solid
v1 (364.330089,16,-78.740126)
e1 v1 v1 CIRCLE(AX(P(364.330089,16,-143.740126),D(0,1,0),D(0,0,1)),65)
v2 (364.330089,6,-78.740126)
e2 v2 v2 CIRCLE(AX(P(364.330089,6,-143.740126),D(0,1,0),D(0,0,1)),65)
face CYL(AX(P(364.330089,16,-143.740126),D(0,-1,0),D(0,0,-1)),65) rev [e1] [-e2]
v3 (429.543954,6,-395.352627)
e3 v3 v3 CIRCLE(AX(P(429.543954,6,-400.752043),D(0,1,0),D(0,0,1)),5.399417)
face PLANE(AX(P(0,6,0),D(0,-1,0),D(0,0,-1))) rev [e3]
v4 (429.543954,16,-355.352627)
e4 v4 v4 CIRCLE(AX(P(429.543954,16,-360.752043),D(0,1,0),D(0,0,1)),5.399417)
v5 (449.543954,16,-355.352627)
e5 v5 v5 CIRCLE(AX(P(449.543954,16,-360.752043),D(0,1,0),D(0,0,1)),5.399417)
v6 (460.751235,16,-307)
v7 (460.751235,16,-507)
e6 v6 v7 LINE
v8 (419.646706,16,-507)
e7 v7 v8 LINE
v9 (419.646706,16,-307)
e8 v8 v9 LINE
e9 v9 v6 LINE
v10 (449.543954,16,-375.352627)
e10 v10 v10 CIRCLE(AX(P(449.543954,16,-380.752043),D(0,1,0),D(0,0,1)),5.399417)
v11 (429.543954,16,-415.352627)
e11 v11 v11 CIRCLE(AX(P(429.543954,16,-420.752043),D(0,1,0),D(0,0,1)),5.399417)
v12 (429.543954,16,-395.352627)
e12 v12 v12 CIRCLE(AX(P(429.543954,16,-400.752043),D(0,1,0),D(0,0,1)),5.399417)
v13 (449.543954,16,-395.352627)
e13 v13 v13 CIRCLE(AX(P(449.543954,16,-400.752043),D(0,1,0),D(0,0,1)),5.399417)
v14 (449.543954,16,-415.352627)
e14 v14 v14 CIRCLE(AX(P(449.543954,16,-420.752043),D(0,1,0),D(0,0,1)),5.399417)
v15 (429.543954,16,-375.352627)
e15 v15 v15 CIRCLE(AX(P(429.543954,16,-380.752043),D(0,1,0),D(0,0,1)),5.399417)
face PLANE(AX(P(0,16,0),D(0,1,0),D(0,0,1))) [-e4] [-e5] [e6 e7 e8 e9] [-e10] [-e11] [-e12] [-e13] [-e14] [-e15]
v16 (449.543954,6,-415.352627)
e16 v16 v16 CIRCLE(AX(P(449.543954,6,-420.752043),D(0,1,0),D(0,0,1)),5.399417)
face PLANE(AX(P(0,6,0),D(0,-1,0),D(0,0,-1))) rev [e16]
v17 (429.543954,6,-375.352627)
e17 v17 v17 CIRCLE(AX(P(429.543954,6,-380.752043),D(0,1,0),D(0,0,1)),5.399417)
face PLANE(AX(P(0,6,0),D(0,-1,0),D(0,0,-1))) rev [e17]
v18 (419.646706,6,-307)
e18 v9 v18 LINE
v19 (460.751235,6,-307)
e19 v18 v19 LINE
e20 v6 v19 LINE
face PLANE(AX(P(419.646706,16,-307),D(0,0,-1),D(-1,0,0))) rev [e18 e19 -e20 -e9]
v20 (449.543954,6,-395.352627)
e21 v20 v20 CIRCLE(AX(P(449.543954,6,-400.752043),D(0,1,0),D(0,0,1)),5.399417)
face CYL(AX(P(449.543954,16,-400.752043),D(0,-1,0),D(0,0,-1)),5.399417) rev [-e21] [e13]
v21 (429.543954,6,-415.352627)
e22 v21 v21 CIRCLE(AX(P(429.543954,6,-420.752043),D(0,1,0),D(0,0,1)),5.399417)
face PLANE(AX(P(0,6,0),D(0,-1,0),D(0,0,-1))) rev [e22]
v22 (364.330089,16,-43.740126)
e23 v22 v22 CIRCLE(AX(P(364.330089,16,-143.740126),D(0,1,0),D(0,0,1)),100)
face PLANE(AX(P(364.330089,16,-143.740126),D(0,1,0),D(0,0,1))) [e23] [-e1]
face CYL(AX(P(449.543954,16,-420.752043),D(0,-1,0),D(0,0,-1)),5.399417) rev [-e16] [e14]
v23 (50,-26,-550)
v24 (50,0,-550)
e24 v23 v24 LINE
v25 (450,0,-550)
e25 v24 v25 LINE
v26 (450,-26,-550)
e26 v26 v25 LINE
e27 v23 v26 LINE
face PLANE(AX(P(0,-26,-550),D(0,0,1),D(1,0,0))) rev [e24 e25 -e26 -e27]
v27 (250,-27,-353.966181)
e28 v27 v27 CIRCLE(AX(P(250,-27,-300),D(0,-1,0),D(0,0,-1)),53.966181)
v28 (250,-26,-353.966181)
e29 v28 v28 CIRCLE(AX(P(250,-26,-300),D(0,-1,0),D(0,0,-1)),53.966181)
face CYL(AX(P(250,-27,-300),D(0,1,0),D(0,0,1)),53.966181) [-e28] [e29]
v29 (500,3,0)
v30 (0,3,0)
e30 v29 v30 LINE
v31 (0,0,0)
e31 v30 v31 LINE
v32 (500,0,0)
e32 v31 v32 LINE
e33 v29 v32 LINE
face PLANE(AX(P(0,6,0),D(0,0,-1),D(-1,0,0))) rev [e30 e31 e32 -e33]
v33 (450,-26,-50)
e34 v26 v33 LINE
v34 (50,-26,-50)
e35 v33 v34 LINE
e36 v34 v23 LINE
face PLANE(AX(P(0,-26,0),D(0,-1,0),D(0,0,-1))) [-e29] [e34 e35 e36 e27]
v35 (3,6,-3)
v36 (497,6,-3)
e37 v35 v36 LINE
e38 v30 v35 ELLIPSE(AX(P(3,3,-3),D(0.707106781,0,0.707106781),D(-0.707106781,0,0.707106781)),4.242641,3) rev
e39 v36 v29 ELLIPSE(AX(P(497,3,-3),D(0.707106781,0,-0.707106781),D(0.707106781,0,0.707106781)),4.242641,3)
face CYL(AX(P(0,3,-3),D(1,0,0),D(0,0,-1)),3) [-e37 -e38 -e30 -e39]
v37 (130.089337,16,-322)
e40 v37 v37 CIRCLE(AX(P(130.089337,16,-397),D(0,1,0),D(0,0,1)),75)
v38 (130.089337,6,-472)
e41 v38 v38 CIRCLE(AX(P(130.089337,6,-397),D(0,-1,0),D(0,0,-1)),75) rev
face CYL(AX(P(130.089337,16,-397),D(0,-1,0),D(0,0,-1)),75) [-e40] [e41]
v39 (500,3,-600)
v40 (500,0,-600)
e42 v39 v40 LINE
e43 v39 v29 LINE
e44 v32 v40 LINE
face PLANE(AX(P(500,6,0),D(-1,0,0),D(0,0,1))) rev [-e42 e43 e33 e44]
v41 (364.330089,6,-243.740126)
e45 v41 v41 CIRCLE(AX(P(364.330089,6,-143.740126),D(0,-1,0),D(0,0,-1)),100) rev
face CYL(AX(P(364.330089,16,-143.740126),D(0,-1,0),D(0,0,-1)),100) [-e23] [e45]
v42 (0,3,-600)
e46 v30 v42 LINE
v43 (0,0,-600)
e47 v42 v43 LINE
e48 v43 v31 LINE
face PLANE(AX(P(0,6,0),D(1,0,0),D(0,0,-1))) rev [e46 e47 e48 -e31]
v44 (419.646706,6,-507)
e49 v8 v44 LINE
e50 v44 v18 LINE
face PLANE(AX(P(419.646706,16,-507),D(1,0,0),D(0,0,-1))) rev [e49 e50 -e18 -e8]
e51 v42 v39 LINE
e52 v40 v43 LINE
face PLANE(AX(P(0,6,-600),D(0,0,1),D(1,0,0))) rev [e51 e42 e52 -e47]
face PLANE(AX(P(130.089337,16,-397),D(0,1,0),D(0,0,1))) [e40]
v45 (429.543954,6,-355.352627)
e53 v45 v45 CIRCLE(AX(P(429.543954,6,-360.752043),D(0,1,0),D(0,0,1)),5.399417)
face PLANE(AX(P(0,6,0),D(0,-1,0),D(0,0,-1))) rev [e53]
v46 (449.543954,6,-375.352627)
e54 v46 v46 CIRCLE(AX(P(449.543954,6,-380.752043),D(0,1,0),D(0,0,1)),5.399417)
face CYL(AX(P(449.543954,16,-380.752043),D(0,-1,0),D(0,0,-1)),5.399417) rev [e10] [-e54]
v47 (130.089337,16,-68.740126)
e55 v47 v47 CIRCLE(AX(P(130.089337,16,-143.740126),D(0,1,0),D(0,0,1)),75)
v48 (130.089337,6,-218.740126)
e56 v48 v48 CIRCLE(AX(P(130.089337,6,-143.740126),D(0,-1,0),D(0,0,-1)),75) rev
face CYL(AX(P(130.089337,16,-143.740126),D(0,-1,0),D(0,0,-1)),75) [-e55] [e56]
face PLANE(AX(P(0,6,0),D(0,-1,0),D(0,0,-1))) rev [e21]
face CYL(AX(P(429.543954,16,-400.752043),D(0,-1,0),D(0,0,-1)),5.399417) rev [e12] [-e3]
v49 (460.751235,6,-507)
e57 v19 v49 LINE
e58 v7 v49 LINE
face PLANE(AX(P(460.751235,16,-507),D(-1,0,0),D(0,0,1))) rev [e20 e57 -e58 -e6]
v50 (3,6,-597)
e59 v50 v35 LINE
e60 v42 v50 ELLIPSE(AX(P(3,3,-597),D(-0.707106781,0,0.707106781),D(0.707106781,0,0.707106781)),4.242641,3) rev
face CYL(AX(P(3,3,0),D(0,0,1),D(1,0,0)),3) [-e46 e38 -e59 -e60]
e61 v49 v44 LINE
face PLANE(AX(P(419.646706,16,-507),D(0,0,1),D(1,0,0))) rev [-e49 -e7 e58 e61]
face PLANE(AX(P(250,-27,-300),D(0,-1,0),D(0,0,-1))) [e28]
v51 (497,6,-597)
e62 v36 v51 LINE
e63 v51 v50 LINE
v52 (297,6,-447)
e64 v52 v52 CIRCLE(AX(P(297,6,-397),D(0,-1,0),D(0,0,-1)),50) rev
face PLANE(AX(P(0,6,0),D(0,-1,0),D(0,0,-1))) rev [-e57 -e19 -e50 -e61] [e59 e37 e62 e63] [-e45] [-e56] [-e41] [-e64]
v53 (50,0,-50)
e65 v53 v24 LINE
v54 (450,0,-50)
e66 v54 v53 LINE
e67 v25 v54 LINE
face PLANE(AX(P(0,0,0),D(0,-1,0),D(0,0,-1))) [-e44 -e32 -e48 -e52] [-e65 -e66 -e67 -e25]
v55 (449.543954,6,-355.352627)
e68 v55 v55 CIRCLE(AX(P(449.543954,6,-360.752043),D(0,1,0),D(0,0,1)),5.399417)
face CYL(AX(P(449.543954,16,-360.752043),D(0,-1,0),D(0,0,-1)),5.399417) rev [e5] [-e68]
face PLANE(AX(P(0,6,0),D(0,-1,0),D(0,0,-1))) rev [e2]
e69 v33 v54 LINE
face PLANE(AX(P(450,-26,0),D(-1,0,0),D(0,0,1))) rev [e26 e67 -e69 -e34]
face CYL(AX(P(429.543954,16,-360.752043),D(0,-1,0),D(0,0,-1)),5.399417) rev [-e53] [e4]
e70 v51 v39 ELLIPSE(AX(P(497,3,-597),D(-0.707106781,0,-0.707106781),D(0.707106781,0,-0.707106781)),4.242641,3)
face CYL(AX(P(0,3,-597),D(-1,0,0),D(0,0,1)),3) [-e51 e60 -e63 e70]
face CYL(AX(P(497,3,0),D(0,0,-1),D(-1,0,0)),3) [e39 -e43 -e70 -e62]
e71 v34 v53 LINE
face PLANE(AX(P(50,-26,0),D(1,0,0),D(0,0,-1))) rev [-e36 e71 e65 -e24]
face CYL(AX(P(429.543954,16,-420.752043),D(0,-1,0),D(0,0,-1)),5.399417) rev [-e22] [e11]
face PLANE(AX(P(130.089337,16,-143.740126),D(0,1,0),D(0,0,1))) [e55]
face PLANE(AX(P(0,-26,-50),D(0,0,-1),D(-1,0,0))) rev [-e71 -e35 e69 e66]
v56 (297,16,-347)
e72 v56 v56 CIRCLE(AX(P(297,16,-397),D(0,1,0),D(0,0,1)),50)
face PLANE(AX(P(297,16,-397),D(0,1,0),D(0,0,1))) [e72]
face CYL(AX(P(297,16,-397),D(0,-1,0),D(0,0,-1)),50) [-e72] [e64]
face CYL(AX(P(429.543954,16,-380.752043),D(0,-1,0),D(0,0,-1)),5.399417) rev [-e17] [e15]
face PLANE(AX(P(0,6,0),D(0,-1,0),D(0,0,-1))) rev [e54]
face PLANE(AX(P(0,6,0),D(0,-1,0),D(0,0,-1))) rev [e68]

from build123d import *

# Parameters (mm, degrees)
SKETCH1_W           = 500
SKETCH1_H           = 600
BOSS_EXTRUDE1_DEPTH = 6
FILLET1_R           = 3
SKETCH3_W           = 400
SKETCH3_H           = 500
BOSS_EXTRUDE2_DEPTH = 26
SKETCH2_R           = 75
SKETCH2_R_2         = 50
SKETCH2_R_3         = 100
SKETCH2_R_4         = 65
SKETCH2_W           = 41.104529262
SKETCH2_H           = 200
SKETCH2_R_5         = 5.399416509
BOSS_EXTRUDE3_DEPTH = 10
SKETCH4_R           = 53.966181138
BOSS_EXTRUDE4_DEPTH = 1


with BuildPart() as part:
    # Sketch1 → Boss-Extrude1 (new body)
    with BuildSketch(Plane(origin=(0, 0, 0), x_dir=(1, 0, 0), z_dir=(0, 1, 0))):
        with Locations((250, 300)):
            Rectangle(SKETCH1_W, SKETCH1_H)
    extrude(amount=BOSS_EXTRUDE1_DEPTH)

    # Fillet1
    fillet1_edges = [part.edges().sort_by_distance(p)[0] for p in [
        (500, 6, -300),
        (250, 6, -600),
        (0, 6, -300),
        (250, 6, 0),
    ]]
    fillet(fillet1_edges, radius=FILLET1_R)

    # Sketch3 → Boss-Extrude2 (add)
    with BuildSketch(Plane.XZ):
        with Locations((250, -300)):
            Rectangle(SKETCH3_W, SKETCH3_H)
    extrude(amount=BOSS_EXTRUDE2_DEPTH)

    # Sketch2 → Boss-Extrude3 (add)
    with BuildSketch(Plane(origin=(0, 6, 0), x_dir=(1, 0, 0), z_dir=(0, 1, 0))):
        with Locations((130.089337479, 397)):
            Circle(SKETCH2_R)
        with Locations((297, 397)):
            Circle(SKETCH2_R_2)
        with Locations((130.089337479, 143.740125968)):
            Circle(SKETCH2_R)
        with Locations((364.330089408, 143.740125968)):
            Circle(SKETCH2_R_3)
        with Locations((364.330089408, 143.740125968)):
            Circle(SKETCH2_R_4, mode=Mode.SUBTRACT)
        with Locations((440.198970532, 407)):
            Rectangle(SKETCH2_W, SKETCH2_H)
        with Locations((449.543954361, 420.752043301)):
            Circle(SKETCH2_R_5, mode=Mode.SUBTRACT)
        with Locations((429.543954361, 420.752043301)):
            Circle(SKETCH2_R_5, mode=Mode.SUBTRACT)
        with Locations((429.543954361, 400.752043301)):
            Circle(SKETCH2_R_5, mode=Mode.SUBTRACT)
        with Locations((429.543954361, 380.752043301)):
            Circle(SKETCH2_R_5, mode=Mode.SUBTRACT)
        with Locations((429.543954361, 360.752043301)):
            Circle(SKETCH2_R_5, mode=Mode.SUBTRACT)
        with Locations((449.543954361, 400.752043301)):
            Circle(SKETCH2_R_5, mode=Mode.SUBTRACT)
        with Locations((449.543954361, 380.752043301)):
            Circle(SKETCH2_R_5, mode=Mode.SUBTRACT)
        with Locations((449.543954361, 360.752043301)):
            Circle(SKETCH2_R_5, mode=Mode.SUBTRACT)
    extrude(amount=BOSS_EXTRUDE3_DEPTH)

    # Sketch4 → Boss-Extrude4 (add)
    with BuildSketch(Plane.XZ.offset(26)):
        with Locations((250, -300)):
            Circle(SKETCH4_R)
    extrude(amount=BOSS_EXTRUDE4_DEPTH)


solid = part.part
